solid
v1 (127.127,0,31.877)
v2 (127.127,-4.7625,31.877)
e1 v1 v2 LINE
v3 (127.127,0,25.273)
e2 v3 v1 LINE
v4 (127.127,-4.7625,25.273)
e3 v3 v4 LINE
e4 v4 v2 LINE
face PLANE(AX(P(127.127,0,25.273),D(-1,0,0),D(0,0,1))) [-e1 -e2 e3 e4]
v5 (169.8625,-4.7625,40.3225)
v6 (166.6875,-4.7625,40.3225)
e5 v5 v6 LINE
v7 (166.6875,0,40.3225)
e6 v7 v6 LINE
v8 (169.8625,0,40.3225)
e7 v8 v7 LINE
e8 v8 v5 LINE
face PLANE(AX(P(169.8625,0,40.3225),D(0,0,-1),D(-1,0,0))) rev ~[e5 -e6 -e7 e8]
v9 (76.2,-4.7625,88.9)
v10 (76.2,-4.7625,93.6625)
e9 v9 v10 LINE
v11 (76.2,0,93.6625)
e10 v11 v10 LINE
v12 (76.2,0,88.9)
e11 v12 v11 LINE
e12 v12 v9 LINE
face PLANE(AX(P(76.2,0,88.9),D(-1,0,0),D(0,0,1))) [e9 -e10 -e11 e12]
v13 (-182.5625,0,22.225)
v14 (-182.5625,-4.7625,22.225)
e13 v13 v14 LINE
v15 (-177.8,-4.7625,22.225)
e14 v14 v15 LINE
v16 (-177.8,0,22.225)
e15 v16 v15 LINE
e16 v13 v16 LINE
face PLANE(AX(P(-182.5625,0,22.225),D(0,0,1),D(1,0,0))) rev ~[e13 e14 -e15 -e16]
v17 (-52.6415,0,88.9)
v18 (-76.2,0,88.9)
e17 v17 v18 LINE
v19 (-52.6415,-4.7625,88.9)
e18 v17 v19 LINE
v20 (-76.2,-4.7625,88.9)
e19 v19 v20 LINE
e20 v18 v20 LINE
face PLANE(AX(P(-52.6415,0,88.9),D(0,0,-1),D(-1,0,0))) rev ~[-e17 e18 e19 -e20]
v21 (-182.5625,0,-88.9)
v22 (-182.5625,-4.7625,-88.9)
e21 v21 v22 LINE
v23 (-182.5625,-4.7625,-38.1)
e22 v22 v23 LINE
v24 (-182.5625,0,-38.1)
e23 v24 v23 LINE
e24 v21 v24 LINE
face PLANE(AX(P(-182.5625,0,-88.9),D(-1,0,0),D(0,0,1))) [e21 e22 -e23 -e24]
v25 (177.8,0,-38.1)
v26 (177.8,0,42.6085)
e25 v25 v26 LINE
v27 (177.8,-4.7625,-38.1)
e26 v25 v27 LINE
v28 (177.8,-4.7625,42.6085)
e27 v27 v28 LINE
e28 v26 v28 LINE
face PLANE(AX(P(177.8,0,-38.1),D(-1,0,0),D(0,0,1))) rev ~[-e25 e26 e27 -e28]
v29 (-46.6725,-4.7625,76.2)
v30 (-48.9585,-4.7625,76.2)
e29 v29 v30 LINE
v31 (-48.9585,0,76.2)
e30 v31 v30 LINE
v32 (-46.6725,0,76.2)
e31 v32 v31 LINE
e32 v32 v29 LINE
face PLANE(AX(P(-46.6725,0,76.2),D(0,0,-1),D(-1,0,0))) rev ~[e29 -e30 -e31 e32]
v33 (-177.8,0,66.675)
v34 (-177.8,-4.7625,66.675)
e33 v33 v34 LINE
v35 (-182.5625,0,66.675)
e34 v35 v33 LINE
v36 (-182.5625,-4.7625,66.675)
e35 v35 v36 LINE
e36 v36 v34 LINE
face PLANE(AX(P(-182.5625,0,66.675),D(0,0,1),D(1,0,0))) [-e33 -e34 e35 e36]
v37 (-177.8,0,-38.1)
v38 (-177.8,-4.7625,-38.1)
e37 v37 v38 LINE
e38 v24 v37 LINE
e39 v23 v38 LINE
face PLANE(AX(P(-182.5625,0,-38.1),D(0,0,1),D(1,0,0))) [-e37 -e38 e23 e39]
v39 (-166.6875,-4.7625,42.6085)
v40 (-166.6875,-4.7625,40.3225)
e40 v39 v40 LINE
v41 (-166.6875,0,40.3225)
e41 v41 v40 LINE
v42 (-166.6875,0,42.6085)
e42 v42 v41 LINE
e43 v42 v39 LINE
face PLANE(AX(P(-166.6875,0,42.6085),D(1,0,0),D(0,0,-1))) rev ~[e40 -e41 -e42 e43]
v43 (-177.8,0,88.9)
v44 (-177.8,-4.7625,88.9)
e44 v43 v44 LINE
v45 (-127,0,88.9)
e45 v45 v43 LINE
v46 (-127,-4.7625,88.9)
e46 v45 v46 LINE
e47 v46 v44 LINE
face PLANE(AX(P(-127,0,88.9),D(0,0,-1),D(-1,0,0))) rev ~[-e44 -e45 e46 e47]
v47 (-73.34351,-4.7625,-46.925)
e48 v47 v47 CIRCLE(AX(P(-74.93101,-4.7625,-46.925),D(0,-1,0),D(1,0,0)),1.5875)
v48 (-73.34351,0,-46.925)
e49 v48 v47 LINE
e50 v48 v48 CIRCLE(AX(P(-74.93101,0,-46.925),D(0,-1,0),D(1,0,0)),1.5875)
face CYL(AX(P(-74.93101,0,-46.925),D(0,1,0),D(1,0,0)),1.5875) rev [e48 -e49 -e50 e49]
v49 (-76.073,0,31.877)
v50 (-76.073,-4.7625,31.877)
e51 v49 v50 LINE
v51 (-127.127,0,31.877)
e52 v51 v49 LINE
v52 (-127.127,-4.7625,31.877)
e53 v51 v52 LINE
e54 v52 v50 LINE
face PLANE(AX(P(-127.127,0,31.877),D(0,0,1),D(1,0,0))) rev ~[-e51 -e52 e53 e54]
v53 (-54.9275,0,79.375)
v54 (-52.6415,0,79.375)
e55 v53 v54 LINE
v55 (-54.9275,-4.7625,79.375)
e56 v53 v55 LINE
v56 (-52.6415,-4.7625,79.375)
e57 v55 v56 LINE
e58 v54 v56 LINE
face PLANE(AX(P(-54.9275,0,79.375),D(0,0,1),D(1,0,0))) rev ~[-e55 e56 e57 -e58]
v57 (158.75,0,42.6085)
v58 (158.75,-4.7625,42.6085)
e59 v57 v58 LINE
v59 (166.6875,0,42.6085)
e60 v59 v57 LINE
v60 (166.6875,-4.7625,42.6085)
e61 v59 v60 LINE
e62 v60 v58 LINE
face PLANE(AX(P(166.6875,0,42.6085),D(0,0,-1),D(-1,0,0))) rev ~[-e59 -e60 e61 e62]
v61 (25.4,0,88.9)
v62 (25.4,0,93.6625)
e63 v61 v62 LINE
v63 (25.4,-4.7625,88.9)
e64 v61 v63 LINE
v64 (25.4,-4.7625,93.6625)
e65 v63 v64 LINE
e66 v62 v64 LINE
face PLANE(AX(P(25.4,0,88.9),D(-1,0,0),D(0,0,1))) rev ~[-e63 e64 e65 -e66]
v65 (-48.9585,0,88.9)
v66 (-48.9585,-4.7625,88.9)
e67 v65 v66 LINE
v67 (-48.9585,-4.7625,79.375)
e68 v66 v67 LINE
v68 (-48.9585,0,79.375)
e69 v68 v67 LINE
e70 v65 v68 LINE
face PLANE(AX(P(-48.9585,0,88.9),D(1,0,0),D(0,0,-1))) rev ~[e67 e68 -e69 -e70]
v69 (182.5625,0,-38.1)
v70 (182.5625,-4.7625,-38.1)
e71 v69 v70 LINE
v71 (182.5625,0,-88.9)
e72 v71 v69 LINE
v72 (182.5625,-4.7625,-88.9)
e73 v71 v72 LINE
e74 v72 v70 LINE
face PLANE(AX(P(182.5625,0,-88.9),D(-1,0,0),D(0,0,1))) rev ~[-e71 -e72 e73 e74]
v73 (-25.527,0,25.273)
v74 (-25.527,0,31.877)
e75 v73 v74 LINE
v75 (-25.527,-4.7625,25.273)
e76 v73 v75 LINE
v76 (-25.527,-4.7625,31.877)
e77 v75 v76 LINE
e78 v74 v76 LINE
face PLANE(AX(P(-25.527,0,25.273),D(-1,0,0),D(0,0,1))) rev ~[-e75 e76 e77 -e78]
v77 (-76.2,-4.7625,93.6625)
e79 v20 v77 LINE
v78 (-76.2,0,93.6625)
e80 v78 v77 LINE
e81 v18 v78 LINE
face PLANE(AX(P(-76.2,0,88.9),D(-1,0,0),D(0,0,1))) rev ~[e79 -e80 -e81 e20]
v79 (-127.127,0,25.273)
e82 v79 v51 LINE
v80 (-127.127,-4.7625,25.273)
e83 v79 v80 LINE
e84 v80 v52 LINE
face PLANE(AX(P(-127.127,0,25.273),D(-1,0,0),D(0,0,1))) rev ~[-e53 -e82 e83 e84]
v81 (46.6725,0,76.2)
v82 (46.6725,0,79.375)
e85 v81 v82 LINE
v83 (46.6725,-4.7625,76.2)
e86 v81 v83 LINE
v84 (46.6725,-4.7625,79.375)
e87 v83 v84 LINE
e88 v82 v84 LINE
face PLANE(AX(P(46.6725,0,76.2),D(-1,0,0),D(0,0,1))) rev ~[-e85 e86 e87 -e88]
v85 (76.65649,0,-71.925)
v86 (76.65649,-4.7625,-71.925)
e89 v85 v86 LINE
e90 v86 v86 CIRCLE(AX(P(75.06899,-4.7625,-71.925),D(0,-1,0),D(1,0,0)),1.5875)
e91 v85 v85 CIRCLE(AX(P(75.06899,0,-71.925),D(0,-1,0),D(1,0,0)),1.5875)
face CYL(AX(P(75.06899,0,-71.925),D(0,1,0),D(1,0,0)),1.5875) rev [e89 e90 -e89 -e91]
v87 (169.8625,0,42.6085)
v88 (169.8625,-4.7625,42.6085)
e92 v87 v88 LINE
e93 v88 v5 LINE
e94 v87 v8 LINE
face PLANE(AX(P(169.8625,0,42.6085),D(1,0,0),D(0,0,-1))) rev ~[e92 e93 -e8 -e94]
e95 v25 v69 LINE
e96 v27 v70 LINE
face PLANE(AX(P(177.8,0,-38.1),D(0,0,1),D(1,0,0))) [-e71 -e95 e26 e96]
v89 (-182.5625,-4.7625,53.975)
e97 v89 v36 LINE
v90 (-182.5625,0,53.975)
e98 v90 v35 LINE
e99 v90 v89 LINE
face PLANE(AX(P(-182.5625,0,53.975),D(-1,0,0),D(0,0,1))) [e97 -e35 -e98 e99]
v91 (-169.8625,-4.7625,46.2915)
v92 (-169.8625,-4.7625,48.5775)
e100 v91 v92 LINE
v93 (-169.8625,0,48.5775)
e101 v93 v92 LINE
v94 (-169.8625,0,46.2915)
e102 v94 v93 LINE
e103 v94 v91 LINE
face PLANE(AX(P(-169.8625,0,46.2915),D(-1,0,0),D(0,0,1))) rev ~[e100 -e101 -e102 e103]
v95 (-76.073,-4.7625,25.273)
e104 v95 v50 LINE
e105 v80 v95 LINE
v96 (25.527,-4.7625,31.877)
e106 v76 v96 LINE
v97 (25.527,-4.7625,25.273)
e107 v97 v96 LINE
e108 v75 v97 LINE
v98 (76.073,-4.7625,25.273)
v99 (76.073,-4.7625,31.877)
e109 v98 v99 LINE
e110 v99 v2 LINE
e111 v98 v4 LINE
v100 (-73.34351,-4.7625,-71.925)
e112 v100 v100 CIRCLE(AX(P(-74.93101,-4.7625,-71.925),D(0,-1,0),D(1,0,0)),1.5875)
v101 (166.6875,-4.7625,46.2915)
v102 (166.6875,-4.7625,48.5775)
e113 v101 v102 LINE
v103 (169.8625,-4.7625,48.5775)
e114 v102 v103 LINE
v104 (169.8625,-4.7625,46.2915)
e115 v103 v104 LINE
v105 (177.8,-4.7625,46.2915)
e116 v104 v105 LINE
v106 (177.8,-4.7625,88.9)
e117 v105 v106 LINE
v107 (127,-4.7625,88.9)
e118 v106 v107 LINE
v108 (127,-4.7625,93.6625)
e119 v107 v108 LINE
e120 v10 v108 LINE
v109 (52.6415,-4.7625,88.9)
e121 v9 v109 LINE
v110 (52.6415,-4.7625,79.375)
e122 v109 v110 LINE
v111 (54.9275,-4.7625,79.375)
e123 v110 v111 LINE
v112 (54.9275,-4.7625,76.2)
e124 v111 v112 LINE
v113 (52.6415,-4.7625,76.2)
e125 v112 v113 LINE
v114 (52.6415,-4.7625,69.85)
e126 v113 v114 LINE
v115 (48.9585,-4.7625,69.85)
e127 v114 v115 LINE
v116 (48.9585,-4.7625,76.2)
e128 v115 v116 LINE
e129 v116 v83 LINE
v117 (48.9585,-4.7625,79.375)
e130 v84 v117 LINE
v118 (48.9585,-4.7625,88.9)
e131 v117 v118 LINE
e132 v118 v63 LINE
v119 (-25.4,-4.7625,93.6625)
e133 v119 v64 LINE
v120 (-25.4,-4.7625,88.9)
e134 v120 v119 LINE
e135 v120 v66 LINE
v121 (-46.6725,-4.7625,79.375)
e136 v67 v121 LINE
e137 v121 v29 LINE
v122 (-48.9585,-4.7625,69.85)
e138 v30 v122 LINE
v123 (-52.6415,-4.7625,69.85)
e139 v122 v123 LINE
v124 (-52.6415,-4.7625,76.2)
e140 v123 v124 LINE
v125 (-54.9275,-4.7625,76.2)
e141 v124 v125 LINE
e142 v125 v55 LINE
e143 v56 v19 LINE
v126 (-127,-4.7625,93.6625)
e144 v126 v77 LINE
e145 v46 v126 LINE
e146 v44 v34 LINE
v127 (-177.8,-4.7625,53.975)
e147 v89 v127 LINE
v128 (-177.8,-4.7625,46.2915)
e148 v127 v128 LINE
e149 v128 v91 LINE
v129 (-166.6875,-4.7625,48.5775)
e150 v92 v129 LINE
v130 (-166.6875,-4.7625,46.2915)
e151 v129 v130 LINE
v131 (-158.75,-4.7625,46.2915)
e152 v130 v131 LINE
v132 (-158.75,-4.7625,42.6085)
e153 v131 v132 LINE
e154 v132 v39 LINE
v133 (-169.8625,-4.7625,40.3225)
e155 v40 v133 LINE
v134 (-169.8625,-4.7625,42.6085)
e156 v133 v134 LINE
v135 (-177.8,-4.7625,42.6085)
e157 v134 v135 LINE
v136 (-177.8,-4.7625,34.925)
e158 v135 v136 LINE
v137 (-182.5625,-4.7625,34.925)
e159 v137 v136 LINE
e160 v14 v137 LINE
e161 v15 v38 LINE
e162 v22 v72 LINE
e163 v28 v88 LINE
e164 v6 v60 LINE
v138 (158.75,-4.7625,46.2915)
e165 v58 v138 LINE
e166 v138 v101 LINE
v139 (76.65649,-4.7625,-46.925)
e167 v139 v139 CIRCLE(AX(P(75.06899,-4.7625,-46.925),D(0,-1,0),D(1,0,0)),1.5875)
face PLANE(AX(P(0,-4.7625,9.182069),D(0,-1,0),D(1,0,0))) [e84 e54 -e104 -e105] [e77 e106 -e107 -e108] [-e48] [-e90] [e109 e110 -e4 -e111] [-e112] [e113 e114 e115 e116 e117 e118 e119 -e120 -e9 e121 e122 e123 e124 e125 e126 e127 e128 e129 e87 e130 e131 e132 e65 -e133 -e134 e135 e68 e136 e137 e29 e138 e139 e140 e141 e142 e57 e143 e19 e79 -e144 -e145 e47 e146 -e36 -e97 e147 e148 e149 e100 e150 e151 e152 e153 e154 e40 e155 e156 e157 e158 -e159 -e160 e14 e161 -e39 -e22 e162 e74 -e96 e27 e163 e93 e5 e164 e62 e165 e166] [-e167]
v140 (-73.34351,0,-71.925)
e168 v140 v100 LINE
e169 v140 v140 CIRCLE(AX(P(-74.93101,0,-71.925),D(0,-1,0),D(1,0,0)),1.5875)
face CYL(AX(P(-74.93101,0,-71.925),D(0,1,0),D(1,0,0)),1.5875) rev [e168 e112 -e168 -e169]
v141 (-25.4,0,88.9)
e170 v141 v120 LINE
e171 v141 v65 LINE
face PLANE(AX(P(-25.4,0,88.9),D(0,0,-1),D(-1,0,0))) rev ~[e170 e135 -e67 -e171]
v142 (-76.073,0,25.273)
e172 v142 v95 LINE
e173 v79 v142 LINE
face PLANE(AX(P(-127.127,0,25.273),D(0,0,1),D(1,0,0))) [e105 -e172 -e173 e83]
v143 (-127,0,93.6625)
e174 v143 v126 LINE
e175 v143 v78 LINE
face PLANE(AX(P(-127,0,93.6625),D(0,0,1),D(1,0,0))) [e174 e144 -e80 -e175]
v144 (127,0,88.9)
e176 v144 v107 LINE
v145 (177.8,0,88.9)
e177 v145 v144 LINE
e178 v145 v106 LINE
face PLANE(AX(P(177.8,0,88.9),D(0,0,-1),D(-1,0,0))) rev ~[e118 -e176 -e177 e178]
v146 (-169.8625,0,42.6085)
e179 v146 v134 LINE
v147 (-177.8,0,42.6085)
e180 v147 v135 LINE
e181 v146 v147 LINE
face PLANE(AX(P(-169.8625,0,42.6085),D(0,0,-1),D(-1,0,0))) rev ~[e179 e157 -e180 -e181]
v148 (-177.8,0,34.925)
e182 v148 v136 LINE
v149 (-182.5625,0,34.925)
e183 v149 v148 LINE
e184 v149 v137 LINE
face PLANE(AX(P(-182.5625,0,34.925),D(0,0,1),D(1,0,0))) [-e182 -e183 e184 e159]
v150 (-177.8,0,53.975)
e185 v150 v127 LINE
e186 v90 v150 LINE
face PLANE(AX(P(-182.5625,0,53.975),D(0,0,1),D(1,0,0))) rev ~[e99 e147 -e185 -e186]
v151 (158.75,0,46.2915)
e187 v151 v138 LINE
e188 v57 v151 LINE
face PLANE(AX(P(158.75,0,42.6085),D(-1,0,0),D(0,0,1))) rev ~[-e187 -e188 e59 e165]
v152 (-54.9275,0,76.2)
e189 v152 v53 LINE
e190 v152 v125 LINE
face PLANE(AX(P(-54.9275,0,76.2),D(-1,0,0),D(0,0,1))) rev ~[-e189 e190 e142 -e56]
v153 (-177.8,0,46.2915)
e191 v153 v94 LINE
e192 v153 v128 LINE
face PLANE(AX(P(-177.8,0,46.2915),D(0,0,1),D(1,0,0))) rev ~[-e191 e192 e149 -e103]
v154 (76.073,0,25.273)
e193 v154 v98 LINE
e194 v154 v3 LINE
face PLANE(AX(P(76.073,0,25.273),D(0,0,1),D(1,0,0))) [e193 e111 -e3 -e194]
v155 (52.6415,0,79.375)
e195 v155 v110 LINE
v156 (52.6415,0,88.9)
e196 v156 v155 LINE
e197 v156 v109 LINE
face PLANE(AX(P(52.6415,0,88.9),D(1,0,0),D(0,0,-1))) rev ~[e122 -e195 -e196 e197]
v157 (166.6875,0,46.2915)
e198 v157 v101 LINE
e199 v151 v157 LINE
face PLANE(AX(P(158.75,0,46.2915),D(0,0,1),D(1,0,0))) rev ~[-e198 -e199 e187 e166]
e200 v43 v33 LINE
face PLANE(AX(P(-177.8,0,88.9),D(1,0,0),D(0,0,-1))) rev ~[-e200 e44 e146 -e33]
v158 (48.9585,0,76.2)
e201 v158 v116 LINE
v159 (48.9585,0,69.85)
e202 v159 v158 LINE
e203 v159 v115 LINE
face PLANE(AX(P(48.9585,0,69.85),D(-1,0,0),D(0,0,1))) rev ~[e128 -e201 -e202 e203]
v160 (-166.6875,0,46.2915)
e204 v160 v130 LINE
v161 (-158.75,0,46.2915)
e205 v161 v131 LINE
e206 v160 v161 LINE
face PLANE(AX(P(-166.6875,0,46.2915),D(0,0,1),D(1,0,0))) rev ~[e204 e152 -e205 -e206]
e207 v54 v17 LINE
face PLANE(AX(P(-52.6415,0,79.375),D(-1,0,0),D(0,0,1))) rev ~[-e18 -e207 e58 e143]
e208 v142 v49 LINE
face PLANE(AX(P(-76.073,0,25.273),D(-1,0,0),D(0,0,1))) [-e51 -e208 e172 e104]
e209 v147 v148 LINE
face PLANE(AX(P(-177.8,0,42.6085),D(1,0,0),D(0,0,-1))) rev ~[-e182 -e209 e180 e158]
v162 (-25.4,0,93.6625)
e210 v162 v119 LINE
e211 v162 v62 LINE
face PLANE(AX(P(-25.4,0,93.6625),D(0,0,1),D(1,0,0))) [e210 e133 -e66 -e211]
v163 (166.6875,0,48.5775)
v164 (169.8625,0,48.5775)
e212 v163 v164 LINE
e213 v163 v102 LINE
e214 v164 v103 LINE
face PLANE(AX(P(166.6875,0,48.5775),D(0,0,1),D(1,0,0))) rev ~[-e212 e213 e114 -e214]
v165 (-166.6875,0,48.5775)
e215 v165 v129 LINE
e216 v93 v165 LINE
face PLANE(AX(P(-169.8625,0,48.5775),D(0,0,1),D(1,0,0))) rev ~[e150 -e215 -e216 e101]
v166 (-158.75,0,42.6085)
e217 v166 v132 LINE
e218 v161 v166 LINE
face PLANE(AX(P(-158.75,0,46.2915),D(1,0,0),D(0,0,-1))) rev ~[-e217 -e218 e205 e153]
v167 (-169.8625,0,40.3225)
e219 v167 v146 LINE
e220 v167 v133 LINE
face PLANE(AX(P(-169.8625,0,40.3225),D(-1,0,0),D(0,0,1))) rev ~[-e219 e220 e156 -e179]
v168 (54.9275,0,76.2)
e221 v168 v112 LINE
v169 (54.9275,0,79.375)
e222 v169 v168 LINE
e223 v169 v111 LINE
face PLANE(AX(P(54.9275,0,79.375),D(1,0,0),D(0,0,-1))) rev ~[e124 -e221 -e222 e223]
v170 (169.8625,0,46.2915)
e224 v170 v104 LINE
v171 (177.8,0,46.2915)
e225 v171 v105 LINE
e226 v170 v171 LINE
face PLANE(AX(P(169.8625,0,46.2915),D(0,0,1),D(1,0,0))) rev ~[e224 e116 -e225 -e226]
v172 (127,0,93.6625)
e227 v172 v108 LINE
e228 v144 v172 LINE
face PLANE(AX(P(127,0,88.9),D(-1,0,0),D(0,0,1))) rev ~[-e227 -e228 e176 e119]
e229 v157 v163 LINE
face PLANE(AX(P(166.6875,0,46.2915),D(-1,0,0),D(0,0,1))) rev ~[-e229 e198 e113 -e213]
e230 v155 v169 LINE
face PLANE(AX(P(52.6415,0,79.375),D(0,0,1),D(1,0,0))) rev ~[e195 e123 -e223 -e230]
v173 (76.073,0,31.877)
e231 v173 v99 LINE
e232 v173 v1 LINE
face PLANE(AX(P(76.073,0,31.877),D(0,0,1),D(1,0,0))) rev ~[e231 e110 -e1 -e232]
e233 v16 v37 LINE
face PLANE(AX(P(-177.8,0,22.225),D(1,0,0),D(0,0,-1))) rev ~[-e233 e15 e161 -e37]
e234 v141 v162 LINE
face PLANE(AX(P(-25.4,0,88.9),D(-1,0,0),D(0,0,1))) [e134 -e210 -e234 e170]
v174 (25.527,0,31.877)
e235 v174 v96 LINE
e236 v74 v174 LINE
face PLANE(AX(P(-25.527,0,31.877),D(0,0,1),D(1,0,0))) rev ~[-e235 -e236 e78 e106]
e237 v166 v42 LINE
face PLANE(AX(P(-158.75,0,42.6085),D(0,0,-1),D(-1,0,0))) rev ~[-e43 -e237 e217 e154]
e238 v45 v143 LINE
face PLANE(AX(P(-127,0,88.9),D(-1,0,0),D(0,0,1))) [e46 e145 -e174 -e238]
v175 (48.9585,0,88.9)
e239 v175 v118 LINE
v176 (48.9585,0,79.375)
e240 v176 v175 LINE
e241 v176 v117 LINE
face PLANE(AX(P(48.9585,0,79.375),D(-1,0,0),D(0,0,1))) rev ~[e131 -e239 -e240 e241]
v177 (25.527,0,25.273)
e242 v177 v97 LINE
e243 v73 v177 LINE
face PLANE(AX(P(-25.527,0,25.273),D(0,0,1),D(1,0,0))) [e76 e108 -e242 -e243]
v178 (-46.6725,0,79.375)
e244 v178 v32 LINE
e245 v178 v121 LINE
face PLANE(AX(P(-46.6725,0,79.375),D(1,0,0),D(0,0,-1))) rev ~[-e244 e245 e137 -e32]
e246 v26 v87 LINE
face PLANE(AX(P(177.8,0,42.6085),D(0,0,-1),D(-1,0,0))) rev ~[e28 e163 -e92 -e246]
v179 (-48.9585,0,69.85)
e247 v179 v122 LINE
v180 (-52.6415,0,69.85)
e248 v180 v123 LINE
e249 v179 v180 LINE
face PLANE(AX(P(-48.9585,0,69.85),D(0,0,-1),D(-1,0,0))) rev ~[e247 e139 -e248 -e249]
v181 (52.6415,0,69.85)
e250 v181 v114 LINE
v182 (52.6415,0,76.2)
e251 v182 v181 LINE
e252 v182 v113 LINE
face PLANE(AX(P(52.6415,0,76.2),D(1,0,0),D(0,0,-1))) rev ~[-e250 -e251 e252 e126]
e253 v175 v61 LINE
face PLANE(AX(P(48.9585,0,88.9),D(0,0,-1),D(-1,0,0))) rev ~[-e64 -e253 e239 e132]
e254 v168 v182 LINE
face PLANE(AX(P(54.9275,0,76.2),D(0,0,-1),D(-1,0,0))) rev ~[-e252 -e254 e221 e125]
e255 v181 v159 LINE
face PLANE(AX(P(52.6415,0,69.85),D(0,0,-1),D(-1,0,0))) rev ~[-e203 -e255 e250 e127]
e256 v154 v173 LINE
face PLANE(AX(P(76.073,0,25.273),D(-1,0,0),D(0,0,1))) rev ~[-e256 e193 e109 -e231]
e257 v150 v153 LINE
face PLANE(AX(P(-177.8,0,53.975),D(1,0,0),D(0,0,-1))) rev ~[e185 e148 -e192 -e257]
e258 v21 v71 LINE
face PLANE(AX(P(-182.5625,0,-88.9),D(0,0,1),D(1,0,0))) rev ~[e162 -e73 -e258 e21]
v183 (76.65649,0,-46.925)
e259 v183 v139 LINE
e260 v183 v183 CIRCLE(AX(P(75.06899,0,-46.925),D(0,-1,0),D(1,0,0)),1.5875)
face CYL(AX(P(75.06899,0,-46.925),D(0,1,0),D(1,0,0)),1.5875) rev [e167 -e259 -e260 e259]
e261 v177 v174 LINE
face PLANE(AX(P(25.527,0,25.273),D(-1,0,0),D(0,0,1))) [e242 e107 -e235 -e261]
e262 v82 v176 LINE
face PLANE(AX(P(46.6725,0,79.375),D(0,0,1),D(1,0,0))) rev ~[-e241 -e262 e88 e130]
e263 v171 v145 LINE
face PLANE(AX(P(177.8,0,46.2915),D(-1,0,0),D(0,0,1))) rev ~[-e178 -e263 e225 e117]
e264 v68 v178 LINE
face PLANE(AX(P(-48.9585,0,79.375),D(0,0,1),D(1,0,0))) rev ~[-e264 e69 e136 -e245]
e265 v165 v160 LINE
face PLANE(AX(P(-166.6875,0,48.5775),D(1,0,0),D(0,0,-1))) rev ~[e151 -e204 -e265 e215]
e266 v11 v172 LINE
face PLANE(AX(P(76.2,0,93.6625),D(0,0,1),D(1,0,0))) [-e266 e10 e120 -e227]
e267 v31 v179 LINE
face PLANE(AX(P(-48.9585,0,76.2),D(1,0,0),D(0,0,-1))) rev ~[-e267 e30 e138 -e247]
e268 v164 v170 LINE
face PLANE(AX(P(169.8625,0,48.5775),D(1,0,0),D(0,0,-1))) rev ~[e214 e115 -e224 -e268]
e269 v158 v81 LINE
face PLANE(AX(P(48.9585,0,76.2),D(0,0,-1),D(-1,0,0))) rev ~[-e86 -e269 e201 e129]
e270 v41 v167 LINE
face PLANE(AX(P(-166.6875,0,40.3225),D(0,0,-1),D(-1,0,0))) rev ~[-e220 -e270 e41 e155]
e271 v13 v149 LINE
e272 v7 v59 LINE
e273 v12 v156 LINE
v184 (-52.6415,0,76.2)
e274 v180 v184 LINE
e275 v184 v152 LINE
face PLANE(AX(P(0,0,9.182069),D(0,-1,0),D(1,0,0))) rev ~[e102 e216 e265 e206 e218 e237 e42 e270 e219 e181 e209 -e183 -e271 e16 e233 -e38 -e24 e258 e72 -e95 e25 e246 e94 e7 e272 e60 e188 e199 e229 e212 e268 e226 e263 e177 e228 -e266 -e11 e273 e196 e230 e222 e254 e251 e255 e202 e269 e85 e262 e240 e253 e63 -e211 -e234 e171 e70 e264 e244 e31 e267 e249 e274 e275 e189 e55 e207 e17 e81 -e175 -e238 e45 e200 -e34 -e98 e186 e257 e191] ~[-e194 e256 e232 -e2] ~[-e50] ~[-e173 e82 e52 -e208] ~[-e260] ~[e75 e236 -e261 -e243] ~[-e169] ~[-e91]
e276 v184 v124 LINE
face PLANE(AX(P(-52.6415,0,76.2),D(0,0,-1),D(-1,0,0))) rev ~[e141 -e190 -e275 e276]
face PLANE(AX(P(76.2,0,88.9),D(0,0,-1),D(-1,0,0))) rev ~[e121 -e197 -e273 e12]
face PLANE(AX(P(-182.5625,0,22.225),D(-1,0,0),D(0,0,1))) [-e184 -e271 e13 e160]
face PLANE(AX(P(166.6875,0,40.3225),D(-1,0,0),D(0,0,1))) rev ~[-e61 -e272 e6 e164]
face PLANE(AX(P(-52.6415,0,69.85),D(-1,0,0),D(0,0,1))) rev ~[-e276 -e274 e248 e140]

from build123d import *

# Parameters (mm, degrees)
F0_R     = 1.5875
F0_W     = 51.054
F0_H     = 6.604
F0_W_2   = 4.7625
F0_H_2   = 50.8
F0_W_3   = 50.8
F0_H_3   = 4.7625
F0_H_4   = 12.7
F1_DEPTH = 4.7625


with BuildPart() as f1:
    # F0 (on Front) → F1 (new body)
    with BuildSketch(Plane.XZ):
        Polygon((-127, 88.9), (-177.8, 88.9), (-177.8, 66.675), (-177.8, 53.975), (-177.8, 46.2915), (-169.8625, 46.2915), (-169.8625, 48.5775), (-166.6875, 48.5775), (-166.6875, 46.2915), (-158.75, 46.2915), (-158.75, 42.6085), (-166.6875, 42.6085), (-166.6875, 40.3225), (-169.8625, 40.3225), (-169.8625, 42.6085), (-177.8, 42.6085), (-177.8, 34.925), (-177.8, 22.225), (-177.8, -38.1), (-177.8, -88.9), (177.8, -88.9), (177.8, -38.1), (177.8, 22.225), (177.8, 34.925), (177.8, 42.6085), (169.8625, 42.6085), (169.8625, 40.3225), (166.6875, 40.3225), (166.6875, 42.6085), (158.75, 42.6085), (158.75, 46.2915), (166.6875, 46.2915), (166.6875, 48.5775), (169.8625, 48.5775), (169.8625, 46.2915), (177.8, 46.2915), (177.8, 53.975), (177.8, 66.675), (177.8, 88.9), (127, 88.9), (76.2, 88.9), (52.6415, 88.9), (52.6415, 79.375), (54.9275, 79.375), (54.9275, 76.2), (52.6415, 76.2), (52.6415, 69.85), (48.9585, 69.85), (48.9585, 76.2), (46.6725, 76.2), (46.6725, 79.375), (48.9585, 79.375), (48.9585, 88.9), (25.4, 88.9), (-25.4, 88.9), (-48.9585, 88.9), (-48.9585, 79.375), (-46.6725, 79.375), (-46.6725, 76.2), (-48.9585, 76.2), (-48.9585, 69.85), (-52.6415, 69.85), (-52.6415, 76.2), (-54.9275, 76.2), (-54.9275, 79.375), (-52.6415, 79.375), (-52.6415, 88.9), (-76.2, 88.9), align=None)
        with Locations((-74.93101, -71.925)):
            Circle(F0_R, mode=Mode.SUBTRACT)
        with Locations((-74.93101, -46.925)):
            Circle(F0_R, mode=Mode.SUBTRACT)
        with Locations((75.06899, -71.925)):
            Circle(F0_R, mode=Mode.SUBTRACT)
        with Locations((75.06899, -46.925)):
            Circle(F0_R, mode=Mode.SUBTRACT)
        with Locations((-101.6, 28.575)):
            Rectangle(F0_W, F0_H, mode=Mode.SUBTRACT)
        with Locations((0, 28.575)):
            Rectangle(F0_W, F0_H, mode=Mode.SUBTRACT)
        with Locations((101.6, 28.575)):
            Rectangle(F0_W, F0_H, mode=Mode.SUBTRACT)
        with Locations((180.18125, -63.5)):
            Rectangle(F0_W_2, F0_H_2)
        with Locations((-180.18125, -63.5)):
            Rectangle(F0_W_2, F0_H_2)
        with Locations((-101.6, 91.28125)):
            Rectangle(F0_W_3, F0_H_3)
        with Locations((0, 91.28125)):
            Rectangle(F0_W_3, F0_H_3)
        with Locations((101.6, 91.28125)):
            Rectangle(F0_W_3, F0_H_3)
        with Locations((-180.18125, 60.325)):
            Rectangle(F0_W_2, F0_H_4)
        with Locations((-180.18125, 28.575)):
            Rectangle(F0_W_2, F0_H_4)
    extrude(amount=F1_DEPTH)


solid = f1.part
